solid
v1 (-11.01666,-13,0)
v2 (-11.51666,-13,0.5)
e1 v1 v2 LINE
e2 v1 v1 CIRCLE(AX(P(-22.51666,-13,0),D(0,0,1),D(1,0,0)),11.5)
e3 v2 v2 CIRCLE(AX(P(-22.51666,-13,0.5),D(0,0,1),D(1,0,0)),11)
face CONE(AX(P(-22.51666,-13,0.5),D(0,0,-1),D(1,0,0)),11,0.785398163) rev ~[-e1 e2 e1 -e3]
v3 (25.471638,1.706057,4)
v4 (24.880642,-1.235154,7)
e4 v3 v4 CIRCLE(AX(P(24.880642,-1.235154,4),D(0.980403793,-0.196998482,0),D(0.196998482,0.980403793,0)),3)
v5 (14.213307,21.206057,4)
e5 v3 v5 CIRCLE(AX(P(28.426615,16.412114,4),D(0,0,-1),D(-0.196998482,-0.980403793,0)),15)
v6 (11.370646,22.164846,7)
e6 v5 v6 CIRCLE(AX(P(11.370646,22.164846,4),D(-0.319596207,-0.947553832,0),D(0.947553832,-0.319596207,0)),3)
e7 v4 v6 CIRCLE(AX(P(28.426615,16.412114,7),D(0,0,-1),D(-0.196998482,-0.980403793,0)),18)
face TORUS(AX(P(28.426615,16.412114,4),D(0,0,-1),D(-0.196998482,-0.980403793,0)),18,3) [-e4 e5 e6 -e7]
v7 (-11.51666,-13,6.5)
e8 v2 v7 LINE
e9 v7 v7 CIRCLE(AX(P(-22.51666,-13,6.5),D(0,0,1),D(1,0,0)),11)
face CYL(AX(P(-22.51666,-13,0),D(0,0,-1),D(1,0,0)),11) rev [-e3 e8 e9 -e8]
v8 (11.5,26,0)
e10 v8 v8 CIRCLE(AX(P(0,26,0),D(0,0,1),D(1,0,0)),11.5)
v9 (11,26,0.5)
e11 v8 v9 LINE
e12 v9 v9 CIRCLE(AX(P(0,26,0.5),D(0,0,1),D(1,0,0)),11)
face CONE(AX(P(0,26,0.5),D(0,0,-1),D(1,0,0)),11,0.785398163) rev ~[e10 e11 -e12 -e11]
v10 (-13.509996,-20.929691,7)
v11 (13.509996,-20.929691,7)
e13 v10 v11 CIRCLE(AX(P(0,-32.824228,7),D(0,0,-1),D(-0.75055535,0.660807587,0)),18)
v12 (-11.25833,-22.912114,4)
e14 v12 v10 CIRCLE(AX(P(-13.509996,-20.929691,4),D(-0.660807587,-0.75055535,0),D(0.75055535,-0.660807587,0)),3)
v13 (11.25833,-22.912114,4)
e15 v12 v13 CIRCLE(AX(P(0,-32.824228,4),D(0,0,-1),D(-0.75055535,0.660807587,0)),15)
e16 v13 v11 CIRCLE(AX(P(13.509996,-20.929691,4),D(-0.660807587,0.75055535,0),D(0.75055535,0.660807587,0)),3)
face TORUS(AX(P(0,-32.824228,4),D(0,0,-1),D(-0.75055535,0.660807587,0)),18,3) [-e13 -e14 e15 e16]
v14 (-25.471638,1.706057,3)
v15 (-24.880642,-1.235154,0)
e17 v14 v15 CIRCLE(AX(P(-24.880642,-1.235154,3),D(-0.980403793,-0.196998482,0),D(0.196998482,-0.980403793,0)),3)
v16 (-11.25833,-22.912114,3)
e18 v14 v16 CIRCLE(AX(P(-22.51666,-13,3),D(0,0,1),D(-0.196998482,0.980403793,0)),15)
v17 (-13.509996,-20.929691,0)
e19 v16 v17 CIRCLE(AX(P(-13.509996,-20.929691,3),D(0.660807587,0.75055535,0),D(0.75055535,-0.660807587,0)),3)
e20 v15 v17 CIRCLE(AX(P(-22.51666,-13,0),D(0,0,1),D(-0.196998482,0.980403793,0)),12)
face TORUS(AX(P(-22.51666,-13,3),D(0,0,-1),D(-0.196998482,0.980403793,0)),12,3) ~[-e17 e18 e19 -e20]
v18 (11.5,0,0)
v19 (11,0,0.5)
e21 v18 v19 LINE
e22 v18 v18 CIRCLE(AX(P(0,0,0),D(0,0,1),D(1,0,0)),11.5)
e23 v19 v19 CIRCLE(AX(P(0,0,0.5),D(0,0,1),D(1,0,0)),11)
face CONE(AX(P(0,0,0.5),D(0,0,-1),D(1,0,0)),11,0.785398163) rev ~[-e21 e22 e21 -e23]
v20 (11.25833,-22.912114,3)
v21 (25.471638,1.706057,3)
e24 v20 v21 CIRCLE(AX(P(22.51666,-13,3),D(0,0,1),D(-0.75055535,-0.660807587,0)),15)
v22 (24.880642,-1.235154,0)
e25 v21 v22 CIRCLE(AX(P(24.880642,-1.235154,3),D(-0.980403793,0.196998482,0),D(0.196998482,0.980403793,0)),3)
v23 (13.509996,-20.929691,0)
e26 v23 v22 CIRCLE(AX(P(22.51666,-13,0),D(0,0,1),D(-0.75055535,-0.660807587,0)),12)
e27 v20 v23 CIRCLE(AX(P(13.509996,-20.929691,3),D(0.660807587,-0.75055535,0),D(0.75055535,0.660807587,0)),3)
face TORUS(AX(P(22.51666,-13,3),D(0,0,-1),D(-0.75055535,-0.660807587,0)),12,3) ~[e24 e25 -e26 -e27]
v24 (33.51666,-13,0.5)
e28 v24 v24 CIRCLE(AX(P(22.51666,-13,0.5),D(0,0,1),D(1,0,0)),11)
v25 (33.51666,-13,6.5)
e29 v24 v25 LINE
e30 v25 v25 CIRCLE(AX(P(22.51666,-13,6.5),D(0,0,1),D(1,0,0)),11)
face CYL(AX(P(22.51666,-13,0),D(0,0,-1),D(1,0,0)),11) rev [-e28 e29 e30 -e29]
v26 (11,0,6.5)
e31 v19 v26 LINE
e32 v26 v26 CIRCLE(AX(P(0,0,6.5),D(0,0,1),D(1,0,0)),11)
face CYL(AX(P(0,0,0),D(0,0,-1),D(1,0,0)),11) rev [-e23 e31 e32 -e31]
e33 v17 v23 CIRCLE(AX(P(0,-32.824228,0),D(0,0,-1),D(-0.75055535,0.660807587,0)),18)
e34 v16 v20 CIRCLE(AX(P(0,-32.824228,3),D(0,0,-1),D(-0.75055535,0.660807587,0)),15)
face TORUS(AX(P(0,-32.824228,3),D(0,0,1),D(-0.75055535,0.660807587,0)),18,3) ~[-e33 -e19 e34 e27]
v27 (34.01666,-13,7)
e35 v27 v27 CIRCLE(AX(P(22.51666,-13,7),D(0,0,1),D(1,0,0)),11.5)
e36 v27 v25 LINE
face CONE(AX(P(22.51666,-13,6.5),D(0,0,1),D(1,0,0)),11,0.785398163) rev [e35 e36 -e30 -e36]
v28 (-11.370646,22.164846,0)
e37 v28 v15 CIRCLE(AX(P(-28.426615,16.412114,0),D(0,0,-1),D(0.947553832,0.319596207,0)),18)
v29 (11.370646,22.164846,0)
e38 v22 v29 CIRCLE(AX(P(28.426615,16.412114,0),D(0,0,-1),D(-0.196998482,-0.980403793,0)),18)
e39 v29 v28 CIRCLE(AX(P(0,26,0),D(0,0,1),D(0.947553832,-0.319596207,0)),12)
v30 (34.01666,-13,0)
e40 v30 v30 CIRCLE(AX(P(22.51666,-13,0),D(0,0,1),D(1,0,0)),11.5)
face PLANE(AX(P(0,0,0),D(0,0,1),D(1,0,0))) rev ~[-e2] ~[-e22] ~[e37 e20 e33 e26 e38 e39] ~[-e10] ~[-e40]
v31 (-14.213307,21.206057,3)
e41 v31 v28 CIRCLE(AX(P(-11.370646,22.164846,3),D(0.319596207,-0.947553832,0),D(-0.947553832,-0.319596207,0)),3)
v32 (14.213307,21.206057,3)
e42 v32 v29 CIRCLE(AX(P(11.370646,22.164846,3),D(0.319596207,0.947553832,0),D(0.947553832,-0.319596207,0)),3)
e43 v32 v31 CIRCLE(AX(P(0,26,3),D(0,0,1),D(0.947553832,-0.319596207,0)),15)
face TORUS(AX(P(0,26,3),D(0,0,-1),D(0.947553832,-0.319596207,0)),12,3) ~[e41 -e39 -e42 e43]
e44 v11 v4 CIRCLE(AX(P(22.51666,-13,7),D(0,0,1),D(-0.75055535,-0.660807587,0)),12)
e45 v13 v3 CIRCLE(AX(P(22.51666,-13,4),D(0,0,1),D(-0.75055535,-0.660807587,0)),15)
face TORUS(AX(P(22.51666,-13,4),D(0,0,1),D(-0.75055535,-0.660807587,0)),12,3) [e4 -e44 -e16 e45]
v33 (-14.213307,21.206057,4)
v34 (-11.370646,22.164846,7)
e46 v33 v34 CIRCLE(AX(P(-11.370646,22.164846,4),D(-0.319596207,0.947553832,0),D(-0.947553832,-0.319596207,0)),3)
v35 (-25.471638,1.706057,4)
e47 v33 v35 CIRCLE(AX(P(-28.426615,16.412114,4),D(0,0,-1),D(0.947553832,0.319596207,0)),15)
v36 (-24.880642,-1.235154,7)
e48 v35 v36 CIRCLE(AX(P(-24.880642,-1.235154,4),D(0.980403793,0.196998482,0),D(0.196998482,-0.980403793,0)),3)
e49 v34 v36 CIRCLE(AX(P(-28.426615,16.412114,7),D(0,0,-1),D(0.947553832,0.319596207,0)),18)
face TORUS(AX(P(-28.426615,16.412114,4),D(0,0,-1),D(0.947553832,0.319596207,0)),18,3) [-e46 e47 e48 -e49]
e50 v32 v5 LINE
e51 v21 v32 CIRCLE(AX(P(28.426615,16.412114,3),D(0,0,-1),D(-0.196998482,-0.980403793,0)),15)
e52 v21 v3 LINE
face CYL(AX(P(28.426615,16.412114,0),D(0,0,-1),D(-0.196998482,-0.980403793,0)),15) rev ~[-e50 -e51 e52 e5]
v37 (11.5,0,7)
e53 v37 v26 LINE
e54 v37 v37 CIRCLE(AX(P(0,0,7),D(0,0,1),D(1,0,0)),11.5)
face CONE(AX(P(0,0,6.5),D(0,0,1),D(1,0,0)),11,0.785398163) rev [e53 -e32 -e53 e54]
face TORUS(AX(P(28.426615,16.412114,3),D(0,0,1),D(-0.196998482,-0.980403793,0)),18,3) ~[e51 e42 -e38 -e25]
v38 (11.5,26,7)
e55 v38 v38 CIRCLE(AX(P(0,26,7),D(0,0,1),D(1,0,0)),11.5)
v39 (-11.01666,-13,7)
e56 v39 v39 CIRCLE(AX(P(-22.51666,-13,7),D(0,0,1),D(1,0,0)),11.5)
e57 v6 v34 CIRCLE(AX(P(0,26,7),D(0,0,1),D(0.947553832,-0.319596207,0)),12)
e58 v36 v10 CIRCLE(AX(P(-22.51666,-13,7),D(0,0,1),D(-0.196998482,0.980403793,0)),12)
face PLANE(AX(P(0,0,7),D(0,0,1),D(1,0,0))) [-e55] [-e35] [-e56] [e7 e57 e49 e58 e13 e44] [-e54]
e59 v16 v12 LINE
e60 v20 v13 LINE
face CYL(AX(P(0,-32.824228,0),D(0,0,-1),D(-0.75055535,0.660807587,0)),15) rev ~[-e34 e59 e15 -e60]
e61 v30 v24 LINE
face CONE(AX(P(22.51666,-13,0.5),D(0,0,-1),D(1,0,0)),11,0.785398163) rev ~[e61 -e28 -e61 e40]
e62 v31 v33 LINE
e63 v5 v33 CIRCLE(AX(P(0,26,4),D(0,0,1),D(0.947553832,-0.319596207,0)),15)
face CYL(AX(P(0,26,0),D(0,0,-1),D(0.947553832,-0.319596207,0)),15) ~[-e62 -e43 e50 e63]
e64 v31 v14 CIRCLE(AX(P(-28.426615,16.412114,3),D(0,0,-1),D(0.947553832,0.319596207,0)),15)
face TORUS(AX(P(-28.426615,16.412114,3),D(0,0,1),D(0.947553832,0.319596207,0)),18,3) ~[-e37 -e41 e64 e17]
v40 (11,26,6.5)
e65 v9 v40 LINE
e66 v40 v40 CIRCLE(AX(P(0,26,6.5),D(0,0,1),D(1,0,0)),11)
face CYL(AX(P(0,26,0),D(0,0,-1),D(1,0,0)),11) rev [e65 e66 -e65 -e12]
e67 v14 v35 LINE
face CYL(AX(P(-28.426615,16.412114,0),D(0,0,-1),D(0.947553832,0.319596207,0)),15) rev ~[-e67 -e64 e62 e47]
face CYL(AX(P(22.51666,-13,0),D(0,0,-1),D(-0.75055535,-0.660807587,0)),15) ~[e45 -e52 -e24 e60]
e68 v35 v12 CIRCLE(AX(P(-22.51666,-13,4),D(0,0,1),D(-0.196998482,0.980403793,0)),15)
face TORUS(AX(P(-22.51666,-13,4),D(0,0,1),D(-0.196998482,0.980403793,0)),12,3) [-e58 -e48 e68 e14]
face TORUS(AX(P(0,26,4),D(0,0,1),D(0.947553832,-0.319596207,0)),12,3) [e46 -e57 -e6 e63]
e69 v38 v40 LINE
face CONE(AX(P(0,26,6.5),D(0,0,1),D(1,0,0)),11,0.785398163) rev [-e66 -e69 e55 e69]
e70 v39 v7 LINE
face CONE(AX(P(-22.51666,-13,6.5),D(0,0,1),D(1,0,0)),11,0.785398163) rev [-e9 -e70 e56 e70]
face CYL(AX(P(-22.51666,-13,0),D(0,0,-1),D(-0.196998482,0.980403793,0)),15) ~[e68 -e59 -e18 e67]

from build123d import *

# Parameters (mm, degrees)
F0_R     = 11
F1_DEPTH = 7
F2_R     = 3
F3_SIZE  = 0.5


with BuildPart() as f1:
    # F0 (on Top) → F1 (new body)
    with BuildSketch(Plane.XY):
        with BuildLine():
            ThreePointArc((14.2133074813, 21.2060569004), (0, 41), (-14.2133074813, 21.2060569004))
            ThreePointArc((-14.2133074813, 21.2060569004), (-15.4362339058, 8.9121138008), (-25.4716377305, 1.7060569004))
            ThreePointArc((-25.4716377305, 1.7060569004), (-35.5070415552, -20.5), (-11.2583302492, -22.9121138008))
            ThreePointArc((-11.2583302492, -22.9121138008), (0, -17.8242276016), (11.2583302492, -22.9121138008))
            ThreePointArc((11.2583302492, -22.9121138008), (35.5070415552, -20.5), (25.4716377305, 1.7060569004))
            ThreePointArc((25.4716377305, 1.7060569004), (15.4362339058, 8.9121138008), (14.2133074813, 21.2060569004))
        make_face()
        with Locations((-22.5166604984, -13)):
            Circle(F0_R, mode=Mode.SUBTRACT)
        with Locations((22.5166604984, -13)):
            Circle(F0_R, mode=Mode.SUBTRACT)
        Circle(F0_R, mode=Mode.SUBTRACT)
        with Locations((0, 26)):
            Circle(F0_R, mode=Mode.SUBTRACT)
    extrude(amount=F1_DEPTH)

    # F2
    f2_edges = [f1.edges().sort_by_distance(p)[0] for p in [
        (0, 41, 7),
        (0, 41, 0),
    ]]
    fillet(f2_edges, radius=F2_R)

    # F3
    f3_edges = [f1.edges().sort_by_distance(p)[0] for p in [
        (0, 38, 0),
        (12.838158, 7.412114, 0),
        (-12.838158, 7.412114, 0),
        (32.908965, -19, 0),
        (-32.908965, -19, 0),
        (0, -14.824228, 0),
        (-33.51666, -13, 0),
        (11.51666, -13, 0),
        (-11, 0, 0),
        (-11, 26, 0),
        (0, 38, 7),
        (12.838158, 7.412114, 7),
        (-12.838158, 7.412114, 7),
        (32.908965, -19, 7),
        (-32.908965, -19, 7),
        (0, -14.824228, 7),
        (-33.51666, -13, 7),
        (11.51666, -13, 7),
        (-11, 0, 7),
        (-11, 26, 7),
    ]]
    chamfer(f3_edges, length=F3_SIZE)


solid = f1.part
